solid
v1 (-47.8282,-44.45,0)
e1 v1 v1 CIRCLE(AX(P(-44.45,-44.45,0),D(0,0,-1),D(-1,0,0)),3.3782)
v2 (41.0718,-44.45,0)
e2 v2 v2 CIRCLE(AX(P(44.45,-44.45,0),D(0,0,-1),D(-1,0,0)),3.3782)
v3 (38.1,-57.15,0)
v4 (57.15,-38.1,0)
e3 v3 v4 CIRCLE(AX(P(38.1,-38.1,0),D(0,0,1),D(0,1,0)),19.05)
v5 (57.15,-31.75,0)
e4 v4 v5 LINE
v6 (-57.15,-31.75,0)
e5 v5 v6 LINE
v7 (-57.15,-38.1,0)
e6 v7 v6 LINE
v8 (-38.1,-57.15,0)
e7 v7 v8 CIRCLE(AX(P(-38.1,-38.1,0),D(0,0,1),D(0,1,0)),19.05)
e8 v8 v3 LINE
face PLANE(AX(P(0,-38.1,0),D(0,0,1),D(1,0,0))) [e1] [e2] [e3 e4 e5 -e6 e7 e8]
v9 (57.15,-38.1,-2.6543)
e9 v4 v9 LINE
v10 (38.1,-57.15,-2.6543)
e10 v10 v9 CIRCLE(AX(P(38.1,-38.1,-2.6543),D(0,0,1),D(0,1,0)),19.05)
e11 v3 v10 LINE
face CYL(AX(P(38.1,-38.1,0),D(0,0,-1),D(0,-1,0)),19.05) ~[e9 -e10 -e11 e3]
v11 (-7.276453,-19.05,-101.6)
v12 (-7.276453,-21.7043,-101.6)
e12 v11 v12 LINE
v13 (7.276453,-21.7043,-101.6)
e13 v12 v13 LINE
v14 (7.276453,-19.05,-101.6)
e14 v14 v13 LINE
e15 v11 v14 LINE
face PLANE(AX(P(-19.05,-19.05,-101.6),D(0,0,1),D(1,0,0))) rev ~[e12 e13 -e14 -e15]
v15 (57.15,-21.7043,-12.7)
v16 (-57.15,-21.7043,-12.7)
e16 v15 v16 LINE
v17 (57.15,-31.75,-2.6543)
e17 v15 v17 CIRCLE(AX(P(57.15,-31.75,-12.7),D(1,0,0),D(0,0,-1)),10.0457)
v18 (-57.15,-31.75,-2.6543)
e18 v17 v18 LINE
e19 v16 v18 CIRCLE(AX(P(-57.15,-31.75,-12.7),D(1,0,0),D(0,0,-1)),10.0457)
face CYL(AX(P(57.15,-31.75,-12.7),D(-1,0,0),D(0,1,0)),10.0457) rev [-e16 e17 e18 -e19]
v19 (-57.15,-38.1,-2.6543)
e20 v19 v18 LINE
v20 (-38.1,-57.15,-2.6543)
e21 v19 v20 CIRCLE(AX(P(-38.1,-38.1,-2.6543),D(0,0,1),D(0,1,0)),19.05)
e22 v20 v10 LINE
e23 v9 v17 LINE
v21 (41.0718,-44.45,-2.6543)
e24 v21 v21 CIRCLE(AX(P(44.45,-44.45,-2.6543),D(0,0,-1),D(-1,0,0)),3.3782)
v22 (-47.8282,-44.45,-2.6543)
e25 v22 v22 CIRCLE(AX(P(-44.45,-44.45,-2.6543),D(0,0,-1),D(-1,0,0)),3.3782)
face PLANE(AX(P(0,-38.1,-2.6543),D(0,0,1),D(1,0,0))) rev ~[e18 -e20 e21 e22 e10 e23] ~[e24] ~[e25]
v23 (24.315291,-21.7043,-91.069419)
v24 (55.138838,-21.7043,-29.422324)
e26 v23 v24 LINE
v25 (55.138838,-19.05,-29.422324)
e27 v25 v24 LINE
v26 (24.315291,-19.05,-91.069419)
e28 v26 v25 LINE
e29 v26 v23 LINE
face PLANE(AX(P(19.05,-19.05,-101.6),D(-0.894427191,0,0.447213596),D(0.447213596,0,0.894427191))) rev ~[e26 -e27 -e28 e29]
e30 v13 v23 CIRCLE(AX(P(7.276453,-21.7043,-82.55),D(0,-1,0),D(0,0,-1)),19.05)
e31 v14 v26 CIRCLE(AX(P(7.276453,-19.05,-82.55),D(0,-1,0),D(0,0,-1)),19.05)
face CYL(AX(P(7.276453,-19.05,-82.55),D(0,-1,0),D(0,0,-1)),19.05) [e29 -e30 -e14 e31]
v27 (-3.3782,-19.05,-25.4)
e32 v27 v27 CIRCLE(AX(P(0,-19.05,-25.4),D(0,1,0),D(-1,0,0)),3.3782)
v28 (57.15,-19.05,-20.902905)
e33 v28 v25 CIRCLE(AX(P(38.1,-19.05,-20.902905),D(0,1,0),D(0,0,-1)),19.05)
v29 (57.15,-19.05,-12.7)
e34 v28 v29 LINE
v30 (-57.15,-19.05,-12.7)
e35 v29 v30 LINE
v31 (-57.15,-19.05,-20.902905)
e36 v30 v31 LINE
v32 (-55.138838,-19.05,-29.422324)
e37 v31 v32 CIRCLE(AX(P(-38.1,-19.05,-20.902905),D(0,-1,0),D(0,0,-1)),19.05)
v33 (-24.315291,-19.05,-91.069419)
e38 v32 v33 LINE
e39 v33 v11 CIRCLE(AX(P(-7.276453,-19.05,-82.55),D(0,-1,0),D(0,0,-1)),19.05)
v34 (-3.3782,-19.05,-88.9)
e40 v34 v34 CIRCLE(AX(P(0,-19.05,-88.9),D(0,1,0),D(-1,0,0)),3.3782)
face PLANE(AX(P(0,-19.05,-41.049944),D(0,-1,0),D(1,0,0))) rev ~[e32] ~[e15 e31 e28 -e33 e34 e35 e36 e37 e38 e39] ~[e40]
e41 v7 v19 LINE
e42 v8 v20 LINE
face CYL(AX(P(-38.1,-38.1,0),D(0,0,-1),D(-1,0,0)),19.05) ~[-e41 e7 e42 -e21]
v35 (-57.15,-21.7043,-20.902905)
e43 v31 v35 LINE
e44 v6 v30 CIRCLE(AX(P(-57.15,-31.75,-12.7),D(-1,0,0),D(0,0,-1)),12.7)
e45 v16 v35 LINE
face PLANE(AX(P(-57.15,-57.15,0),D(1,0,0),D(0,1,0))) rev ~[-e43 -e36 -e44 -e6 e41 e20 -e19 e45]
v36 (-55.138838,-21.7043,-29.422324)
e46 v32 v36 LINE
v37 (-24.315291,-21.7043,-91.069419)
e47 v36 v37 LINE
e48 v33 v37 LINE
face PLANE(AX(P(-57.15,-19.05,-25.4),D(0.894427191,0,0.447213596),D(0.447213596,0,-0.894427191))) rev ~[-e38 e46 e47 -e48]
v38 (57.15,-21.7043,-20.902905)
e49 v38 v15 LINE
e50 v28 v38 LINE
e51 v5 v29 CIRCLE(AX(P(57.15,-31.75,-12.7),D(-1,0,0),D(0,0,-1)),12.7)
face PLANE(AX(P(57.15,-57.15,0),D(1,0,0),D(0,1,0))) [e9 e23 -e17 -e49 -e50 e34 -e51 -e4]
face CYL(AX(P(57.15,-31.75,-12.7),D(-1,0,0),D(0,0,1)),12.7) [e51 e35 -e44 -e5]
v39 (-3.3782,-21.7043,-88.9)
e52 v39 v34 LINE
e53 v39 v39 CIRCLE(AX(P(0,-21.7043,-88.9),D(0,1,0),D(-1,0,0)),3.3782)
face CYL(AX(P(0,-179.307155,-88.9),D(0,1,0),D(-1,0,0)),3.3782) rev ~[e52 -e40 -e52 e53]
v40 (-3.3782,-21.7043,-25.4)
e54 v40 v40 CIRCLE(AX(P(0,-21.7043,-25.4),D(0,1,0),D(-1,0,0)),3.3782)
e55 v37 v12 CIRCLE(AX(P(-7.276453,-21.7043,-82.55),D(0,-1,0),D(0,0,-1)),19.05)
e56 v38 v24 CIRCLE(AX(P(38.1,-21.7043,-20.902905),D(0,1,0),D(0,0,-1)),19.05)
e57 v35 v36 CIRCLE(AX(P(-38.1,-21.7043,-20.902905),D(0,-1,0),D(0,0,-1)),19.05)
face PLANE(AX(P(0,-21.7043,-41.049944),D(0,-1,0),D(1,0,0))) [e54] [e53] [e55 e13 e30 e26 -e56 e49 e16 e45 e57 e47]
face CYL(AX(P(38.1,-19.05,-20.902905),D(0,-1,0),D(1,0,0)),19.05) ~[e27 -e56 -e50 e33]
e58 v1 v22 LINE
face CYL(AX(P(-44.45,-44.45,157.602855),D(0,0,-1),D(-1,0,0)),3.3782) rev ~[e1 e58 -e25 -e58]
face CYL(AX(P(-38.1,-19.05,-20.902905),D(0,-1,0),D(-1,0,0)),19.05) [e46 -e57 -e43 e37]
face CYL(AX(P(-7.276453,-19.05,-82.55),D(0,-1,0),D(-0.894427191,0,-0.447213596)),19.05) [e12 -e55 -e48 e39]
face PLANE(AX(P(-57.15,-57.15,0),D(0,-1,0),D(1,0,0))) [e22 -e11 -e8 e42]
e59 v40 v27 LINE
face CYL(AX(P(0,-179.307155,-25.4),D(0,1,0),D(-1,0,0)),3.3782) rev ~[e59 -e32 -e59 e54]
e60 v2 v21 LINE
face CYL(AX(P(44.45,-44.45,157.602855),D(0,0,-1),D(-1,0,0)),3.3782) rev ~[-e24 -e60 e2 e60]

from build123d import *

# Parameters (mm, degrees)
F3_DEPTH = 2.6543
F4_W     = 114.3
F4_H     = 38.1
F5_DEPTH = 2.6543
F6_R     = 10.0457
F7_R     = 12.7
F8_R     = 19.05
F10_D    = 6.7564
F12_D    = 6.7564


with BuildPart() as f3:
    # F2 (on offset) → F3 (new body)
    with BuildSketch(Plane.XZ.offset(19.05)):
        Polygon((57.15, 0), (0, 0), (-57.15, 0), (-57.15, -25.4), (-19.05, -101.6), (0, -101.6), (19.05, -101.6), (57.15, -25.4), align=None)
    extrude(amount=F3_DEPTH)

    # F4 (on face) → F5 (join)
    with BuildSketch(Plane.XY):
        with Locations((0, -38.1)):
            Rectangle(F4_W, F4_H)
    extrude(amount=-F5_DEPTH)

    # F6
    f6_edges = [f3.edges().sort_by_distance(p)[0] for p in [
        (0, -21.7043, -2.6543),
    ]]
    fillet(f6_edges, radius=F6_R)

    # F7
    f7_edges = [f3.edges().sort_by_distance(p)[0] for p in [
        (0, -19.05, 0),
    ]]
    fillet(f7_edges, radius=F7_R)

    # F8
    f8_edges = [f3.edges().sort_by_distance(p)[0] for p in [
        (-57.15, -57.15, -1.32715),
        (57.15, -57.15, -1.32715),
        (-57.15, -20.37715, -25.4),
        (57.15, -20.37715, -25.4),
        (19.05, -20.37715, -101.6),
        (-19.05, -20.37715, -101.6),
    ]]
    fillet(f8_edges, radius=F8_R)

    # F10 (through all)
    with Locations(Plane.XY):
        with Locations((-44.45, -44.45), (44.45, -44.45)):
            Hole(F10_D / 2)

    # F12 (through all)
    with Locations(Plane.XZ.offset(21.7043)):
        with Locations((0, -25.4), (0, -88.9)):
            Hole(F12_D / 2)


solid = f3.part
